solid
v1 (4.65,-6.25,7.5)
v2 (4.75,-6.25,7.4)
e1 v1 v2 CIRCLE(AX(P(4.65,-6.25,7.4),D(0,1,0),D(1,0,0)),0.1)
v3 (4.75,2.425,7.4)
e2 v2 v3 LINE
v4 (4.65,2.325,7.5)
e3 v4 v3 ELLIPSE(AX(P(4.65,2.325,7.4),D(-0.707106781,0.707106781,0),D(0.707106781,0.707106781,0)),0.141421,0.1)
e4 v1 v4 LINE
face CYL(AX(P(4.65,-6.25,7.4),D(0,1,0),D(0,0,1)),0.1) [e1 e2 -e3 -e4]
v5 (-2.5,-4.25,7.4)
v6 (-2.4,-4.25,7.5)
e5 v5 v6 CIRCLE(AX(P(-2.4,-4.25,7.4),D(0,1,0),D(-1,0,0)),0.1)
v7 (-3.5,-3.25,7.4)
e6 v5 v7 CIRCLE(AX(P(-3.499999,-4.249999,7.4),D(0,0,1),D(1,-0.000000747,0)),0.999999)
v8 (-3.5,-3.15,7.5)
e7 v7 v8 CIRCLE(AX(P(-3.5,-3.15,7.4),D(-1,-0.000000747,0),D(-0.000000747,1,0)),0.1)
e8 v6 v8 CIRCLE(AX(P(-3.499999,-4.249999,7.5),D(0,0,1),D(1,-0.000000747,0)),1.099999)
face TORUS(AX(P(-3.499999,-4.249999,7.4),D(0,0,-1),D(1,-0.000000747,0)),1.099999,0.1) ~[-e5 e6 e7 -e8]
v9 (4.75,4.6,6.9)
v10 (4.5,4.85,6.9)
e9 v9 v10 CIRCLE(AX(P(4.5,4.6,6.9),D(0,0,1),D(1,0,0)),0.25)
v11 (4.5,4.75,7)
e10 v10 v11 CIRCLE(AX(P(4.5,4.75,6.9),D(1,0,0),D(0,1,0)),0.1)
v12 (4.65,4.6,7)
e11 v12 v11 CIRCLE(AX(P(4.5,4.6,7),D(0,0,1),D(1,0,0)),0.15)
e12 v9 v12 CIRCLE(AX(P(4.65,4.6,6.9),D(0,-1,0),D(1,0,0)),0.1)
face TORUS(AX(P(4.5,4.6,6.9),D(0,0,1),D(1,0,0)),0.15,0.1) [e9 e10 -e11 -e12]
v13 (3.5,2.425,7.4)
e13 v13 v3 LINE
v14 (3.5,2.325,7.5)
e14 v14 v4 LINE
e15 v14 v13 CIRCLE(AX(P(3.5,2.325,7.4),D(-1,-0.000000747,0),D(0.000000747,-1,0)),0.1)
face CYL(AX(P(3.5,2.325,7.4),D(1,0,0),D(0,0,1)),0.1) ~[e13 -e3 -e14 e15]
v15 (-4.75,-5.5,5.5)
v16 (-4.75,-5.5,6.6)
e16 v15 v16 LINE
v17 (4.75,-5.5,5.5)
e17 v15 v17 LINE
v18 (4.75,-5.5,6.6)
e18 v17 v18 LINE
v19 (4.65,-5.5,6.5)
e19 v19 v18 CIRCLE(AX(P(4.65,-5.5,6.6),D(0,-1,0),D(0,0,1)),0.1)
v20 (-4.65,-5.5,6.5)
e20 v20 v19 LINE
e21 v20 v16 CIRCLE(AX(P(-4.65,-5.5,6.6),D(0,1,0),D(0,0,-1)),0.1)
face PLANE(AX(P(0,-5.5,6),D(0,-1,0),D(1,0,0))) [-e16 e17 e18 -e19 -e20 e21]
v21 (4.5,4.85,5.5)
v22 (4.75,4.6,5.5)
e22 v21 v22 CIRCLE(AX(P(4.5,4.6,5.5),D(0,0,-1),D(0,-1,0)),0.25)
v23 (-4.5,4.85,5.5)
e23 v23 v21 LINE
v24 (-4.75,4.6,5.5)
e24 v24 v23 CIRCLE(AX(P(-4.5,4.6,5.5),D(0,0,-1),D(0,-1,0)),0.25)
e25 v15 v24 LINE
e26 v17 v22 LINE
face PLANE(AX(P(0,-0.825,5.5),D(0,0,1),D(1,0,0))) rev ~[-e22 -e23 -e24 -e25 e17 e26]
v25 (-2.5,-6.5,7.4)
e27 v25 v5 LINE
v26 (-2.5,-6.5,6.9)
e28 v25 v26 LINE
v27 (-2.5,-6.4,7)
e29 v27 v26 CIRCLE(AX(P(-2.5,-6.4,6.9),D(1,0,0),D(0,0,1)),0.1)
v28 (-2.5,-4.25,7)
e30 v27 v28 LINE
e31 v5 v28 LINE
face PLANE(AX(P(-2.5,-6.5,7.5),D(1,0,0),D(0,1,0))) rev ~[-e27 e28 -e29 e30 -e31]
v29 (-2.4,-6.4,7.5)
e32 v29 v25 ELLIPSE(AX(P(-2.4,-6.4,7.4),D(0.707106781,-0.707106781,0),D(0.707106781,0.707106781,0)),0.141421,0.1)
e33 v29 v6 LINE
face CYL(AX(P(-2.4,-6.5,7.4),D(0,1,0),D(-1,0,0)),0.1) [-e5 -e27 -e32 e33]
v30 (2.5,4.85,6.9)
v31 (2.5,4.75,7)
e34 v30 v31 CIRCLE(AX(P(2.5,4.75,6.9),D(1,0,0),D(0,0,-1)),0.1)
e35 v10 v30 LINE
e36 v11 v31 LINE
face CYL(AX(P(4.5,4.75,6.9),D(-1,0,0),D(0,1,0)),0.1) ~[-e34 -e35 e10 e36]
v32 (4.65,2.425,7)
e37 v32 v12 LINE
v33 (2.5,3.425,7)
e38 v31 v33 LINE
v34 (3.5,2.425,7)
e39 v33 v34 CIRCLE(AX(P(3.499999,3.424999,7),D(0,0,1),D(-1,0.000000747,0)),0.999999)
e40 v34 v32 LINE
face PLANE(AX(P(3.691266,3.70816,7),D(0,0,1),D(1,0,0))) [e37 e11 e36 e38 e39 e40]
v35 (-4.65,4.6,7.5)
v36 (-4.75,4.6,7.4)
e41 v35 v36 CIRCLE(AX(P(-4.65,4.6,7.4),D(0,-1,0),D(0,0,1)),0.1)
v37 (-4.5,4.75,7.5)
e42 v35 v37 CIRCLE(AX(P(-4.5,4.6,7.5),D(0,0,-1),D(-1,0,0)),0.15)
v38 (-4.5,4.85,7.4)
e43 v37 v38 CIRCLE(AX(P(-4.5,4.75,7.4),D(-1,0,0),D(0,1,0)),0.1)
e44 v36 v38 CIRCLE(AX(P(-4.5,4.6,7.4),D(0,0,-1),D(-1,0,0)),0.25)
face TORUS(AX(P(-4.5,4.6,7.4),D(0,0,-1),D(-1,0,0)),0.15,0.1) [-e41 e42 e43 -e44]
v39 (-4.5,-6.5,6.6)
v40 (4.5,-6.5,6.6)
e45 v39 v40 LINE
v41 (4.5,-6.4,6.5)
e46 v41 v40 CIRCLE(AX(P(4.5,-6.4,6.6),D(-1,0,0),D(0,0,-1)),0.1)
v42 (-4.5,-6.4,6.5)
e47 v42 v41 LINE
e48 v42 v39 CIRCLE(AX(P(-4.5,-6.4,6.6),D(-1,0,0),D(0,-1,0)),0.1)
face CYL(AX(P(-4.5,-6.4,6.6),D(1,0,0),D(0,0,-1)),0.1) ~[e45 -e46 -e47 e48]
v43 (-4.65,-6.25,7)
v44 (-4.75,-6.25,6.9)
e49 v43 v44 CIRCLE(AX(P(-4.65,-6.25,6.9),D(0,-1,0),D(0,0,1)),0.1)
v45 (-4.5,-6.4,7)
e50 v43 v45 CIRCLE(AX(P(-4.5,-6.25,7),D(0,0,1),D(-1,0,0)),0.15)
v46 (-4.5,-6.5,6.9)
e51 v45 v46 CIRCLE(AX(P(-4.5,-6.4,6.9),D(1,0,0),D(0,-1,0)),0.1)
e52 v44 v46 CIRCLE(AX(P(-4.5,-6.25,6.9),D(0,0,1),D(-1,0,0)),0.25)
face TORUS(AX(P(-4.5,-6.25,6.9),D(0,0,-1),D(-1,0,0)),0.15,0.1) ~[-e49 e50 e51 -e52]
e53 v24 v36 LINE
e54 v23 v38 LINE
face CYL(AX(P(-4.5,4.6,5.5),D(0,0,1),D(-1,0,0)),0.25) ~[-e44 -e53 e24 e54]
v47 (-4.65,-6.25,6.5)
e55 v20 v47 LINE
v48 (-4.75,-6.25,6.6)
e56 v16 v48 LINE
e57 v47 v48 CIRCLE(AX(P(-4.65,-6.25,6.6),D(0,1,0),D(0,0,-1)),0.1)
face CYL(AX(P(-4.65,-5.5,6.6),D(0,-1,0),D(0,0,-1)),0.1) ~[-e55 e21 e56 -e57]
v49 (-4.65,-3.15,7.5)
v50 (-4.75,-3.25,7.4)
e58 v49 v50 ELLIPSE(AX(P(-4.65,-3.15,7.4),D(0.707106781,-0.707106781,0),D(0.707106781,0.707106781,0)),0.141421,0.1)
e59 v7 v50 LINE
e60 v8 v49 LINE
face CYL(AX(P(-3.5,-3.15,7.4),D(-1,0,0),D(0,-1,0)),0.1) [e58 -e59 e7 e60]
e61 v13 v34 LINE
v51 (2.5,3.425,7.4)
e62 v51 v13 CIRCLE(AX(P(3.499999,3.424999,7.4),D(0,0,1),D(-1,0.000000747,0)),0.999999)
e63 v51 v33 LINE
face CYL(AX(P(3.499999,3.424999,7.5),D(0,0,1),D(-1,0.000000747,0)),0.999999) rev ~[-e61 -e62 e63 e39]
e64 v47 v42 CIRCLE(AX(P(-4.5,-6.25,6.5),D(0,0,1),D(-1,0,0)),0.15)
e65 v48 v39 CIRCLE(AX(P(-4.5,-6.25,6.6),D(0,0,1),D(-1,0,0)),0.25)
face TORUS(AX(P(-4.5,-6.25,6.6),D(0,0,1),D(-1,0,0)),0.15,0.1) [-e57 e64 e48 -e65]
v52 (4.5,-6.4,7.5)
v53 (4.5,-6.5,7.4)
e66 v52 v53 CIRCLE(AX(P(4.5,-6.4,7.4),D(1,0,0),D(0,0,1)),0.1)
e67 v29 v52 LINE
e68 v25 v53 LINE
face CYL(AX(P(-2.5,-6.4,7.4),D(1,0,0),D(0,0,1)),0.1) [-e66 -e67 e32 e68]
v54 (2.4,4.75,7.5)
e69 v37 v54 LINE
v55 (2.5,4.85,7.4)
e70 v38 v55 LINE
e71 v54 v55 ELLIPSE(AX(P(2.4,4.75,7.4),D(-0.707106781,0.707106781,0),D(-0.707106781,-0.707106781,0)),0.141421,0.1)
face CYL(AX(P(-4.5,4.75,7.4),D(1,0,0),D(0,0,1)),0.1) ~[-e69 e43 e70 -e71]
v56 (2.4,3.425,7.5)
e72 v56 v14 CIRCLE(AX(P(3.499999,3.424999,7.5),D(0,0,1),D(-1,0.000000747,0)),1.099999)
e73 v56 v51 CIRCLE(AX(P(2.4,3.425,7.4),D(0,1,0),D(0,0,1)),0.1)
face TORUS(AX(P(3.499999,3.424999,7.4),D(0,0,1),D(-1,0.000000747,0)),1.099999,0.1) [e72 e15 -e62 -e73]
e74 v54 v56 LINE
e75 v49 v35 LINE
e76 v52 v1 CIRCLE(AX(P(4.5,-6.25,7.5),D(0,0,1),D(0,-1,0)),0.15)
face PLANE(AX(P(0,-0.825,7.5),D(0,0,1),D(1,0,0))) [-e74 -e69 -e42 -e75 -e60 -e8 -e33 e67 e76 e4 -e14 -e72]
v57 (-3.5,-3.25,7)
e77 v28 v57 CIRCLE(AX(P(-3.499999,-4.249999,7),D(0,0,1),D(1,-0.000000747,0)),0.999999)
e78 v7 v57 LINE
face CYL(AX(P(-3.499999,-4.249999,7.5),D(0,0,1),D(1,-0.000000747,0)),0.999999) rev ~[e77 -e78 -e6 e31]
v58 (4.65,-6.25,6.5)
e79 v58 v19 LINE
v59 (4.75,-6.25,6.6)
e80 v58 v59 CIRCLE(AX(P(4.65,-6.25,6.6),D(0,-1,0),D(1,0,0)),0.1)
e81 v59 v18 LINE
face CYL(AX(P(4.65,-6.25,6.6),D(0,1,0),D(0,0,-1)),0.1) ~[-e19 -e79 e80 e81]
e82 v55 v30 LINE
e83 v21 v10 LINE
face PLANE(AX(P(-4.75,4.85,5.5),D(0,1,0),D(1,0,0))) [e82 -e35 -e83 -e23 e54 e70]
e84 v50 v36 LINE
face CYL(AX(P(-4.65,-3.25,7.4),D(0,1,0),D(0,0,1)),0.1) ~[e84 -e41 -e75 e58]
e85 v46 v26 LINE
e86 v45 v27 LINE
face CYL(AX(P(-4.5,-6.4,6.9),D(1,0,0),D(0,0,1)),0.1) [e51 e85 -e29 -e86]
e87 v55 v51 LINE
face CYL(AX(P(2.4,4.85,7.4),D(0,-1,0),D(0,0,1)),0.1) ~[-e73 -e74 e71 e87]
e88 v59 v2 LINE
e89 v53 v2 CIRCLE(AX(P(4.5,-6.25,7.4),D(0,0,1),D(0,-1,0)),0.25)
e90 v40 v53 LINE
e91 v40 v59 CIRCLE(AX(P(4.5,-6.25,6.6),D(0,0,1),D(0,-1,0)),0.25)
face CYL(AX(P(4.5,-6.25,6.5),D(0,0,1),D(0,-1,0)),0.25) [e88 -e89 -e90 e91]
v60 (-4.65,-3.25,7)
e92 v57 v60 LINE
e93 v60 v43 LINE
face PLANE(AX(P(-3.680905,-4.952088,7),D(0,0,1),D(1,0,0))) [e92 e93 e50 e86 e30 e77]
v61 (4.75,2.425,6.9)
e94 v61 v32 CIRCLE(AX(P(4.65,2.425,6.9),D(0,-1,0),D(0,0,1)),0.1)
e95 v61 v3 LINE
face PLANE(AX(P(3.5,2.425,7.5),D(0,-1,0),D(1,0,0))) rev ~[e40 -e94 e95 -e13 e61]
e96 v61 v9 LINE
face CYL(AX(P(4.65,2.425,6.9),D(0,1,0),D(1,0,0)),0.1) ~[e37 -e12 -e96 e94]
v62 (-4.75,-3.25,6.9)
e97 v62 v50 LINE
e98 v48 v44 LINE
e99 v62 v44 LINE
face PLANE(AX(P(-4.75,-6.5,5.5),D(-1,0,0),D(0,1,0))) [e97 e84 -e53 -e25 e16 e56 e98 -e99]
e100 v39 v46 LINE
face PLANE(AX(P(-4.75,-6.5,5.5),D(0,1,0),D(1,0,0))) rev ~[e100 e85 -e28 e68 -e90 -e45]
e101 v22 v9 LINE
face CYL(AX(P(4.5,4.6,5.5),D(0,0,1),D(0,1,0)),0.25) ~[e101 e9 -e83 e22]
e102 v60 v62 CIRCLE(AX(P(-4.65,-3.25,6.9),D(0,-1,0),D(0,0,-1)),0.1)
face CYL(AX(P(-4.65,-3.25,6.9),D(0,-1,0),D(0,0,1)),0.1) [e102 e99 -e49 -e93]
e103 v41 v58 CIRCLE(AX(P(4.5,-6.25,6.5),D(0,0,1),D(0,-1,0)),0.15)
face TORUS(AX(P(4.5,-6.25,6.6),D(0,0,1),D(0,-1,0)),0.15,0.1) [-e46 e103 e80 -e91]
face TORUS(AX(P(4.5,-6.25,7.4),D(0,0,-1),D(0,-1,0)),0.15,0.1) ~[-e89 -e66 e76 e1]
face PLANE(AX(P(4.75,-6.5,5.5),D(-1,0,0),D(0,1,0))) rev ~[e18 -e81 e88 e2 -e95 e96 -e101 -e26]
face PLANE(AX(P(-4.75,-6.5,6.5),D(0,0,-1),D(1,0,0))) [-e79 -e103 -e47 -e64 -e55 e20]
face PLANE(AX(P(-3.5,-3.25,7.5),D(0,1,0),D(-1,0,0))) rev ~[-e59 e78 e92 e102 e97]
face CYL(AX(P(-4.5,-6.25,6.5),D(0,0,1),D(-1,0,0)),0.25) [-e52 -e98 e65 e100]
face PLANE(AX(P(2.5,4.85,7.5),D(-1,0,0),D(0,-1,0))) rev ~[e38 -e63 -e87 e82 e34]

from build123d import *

# Parameters (mm, degrees)
SKETCH005_W     = 9.5
SKETCH005_H     = 11.35
PAD002_DEPTH    = 2
SKETCH006_W     = 9.5
SKETCH006_H     = 1
POCKET_DEPTH    = 1
POCKET002_DEPTH = 0.5
FILLET008_R     = 0.25
FILLET009_R     = 0.1


with BuildPart() as part:
    # Sketch005 → Pad002 (new body)
    with BuildSketch(Plane.XY.offset(5.5)):
        with Locations((0, -0.825)):
            Rectangle(SKETCH005_W, SKETCH005_H)
    extrude(amount=PAD002_DEPTH)

    # Sketch006 → Pocket (cut)
    with BuildSketch(Plane(origin=(0, -6.5, 5.5), x_dir=(1, 0, 0), z_dir=(0, -1, 0))):
        with Locations((0, 0.5)):
            Rectangle(SKETCH006_W, SKETCH006_H)
    extrude(amount=-POCKET_DEPTH, mode=Mode.SUBTRACT)

    # Sketch008 → Pocket002 (cut)
    with BuildSketch(Plane.XY.offset(7.5)):
        with BuildLine():
            Line((4.75, 4.85), (2.5, 4.85))
            Line((2.5, 4.85), (2.5, 3.425))
            ThreePointArc((2.5, 3.425), (2.792893, 2.717893), (3.5, 2.425))
            Line((3.5, 2.425), (4.75, 2.425))
            Line((4.75, 2.425), (4.75, 4.85))
        make_face()
        with BuildLine():
            Line((-4.75, -6.5), (-2.5, -6.5))
            Line((-2.5, -6.5), (-2.5, -4.25))
            ThreePointArc((-2.5, -4.25), (-2.792893, -3.542893), (-3.5, -3.25))
            Line((-3.5, -3.25), (-4.75, -3.25))
            Line((-4.75, -3.25), (-4.75, -6.5))
        make_face()
    extrude(amount=-POCKET002_DEPTH, mode=Mode.SUBTRACT)

    # Fillet008
    fillet008_edges = [part.edges().sort_by_distance(p)[0] for p in [
        (-4.75, -6.5, 6.75),
        (4.75, -6.5, 7),
        (-4.75, 4.85, 6.5),
        (4.75, 4.85, 6.25),
    ]]
    fillet(fillet008_edges, radius=FILLET008_R)

    # Fillet009
    fillet009_edges = [part.edges().sort_by_distance(p)[0] for p in [
        (4.75, -1.9125, 7.5),
        (4.125, 2.425, 7.5),
        (2.5, 4.1375, 7.5),
        (-1, 4.85, 7.5),
        (-4.75, 0.675, 7.5),
        (-4.125, -3.25, 7.5),
        (-2.5, -5.375, 7.5),
        (1, -6.5, 7.5),
        (0, -6.5, 6.5),
        (-3.5, -6.5, 7),
        (-4.75, -4.75, 7),
        (3.5, 4.85, 7),
        (4.75, 3.5125, 7),
    ]]
    fillet(fillet009_edges, radius=FILLET009_R)


solid = part.part
